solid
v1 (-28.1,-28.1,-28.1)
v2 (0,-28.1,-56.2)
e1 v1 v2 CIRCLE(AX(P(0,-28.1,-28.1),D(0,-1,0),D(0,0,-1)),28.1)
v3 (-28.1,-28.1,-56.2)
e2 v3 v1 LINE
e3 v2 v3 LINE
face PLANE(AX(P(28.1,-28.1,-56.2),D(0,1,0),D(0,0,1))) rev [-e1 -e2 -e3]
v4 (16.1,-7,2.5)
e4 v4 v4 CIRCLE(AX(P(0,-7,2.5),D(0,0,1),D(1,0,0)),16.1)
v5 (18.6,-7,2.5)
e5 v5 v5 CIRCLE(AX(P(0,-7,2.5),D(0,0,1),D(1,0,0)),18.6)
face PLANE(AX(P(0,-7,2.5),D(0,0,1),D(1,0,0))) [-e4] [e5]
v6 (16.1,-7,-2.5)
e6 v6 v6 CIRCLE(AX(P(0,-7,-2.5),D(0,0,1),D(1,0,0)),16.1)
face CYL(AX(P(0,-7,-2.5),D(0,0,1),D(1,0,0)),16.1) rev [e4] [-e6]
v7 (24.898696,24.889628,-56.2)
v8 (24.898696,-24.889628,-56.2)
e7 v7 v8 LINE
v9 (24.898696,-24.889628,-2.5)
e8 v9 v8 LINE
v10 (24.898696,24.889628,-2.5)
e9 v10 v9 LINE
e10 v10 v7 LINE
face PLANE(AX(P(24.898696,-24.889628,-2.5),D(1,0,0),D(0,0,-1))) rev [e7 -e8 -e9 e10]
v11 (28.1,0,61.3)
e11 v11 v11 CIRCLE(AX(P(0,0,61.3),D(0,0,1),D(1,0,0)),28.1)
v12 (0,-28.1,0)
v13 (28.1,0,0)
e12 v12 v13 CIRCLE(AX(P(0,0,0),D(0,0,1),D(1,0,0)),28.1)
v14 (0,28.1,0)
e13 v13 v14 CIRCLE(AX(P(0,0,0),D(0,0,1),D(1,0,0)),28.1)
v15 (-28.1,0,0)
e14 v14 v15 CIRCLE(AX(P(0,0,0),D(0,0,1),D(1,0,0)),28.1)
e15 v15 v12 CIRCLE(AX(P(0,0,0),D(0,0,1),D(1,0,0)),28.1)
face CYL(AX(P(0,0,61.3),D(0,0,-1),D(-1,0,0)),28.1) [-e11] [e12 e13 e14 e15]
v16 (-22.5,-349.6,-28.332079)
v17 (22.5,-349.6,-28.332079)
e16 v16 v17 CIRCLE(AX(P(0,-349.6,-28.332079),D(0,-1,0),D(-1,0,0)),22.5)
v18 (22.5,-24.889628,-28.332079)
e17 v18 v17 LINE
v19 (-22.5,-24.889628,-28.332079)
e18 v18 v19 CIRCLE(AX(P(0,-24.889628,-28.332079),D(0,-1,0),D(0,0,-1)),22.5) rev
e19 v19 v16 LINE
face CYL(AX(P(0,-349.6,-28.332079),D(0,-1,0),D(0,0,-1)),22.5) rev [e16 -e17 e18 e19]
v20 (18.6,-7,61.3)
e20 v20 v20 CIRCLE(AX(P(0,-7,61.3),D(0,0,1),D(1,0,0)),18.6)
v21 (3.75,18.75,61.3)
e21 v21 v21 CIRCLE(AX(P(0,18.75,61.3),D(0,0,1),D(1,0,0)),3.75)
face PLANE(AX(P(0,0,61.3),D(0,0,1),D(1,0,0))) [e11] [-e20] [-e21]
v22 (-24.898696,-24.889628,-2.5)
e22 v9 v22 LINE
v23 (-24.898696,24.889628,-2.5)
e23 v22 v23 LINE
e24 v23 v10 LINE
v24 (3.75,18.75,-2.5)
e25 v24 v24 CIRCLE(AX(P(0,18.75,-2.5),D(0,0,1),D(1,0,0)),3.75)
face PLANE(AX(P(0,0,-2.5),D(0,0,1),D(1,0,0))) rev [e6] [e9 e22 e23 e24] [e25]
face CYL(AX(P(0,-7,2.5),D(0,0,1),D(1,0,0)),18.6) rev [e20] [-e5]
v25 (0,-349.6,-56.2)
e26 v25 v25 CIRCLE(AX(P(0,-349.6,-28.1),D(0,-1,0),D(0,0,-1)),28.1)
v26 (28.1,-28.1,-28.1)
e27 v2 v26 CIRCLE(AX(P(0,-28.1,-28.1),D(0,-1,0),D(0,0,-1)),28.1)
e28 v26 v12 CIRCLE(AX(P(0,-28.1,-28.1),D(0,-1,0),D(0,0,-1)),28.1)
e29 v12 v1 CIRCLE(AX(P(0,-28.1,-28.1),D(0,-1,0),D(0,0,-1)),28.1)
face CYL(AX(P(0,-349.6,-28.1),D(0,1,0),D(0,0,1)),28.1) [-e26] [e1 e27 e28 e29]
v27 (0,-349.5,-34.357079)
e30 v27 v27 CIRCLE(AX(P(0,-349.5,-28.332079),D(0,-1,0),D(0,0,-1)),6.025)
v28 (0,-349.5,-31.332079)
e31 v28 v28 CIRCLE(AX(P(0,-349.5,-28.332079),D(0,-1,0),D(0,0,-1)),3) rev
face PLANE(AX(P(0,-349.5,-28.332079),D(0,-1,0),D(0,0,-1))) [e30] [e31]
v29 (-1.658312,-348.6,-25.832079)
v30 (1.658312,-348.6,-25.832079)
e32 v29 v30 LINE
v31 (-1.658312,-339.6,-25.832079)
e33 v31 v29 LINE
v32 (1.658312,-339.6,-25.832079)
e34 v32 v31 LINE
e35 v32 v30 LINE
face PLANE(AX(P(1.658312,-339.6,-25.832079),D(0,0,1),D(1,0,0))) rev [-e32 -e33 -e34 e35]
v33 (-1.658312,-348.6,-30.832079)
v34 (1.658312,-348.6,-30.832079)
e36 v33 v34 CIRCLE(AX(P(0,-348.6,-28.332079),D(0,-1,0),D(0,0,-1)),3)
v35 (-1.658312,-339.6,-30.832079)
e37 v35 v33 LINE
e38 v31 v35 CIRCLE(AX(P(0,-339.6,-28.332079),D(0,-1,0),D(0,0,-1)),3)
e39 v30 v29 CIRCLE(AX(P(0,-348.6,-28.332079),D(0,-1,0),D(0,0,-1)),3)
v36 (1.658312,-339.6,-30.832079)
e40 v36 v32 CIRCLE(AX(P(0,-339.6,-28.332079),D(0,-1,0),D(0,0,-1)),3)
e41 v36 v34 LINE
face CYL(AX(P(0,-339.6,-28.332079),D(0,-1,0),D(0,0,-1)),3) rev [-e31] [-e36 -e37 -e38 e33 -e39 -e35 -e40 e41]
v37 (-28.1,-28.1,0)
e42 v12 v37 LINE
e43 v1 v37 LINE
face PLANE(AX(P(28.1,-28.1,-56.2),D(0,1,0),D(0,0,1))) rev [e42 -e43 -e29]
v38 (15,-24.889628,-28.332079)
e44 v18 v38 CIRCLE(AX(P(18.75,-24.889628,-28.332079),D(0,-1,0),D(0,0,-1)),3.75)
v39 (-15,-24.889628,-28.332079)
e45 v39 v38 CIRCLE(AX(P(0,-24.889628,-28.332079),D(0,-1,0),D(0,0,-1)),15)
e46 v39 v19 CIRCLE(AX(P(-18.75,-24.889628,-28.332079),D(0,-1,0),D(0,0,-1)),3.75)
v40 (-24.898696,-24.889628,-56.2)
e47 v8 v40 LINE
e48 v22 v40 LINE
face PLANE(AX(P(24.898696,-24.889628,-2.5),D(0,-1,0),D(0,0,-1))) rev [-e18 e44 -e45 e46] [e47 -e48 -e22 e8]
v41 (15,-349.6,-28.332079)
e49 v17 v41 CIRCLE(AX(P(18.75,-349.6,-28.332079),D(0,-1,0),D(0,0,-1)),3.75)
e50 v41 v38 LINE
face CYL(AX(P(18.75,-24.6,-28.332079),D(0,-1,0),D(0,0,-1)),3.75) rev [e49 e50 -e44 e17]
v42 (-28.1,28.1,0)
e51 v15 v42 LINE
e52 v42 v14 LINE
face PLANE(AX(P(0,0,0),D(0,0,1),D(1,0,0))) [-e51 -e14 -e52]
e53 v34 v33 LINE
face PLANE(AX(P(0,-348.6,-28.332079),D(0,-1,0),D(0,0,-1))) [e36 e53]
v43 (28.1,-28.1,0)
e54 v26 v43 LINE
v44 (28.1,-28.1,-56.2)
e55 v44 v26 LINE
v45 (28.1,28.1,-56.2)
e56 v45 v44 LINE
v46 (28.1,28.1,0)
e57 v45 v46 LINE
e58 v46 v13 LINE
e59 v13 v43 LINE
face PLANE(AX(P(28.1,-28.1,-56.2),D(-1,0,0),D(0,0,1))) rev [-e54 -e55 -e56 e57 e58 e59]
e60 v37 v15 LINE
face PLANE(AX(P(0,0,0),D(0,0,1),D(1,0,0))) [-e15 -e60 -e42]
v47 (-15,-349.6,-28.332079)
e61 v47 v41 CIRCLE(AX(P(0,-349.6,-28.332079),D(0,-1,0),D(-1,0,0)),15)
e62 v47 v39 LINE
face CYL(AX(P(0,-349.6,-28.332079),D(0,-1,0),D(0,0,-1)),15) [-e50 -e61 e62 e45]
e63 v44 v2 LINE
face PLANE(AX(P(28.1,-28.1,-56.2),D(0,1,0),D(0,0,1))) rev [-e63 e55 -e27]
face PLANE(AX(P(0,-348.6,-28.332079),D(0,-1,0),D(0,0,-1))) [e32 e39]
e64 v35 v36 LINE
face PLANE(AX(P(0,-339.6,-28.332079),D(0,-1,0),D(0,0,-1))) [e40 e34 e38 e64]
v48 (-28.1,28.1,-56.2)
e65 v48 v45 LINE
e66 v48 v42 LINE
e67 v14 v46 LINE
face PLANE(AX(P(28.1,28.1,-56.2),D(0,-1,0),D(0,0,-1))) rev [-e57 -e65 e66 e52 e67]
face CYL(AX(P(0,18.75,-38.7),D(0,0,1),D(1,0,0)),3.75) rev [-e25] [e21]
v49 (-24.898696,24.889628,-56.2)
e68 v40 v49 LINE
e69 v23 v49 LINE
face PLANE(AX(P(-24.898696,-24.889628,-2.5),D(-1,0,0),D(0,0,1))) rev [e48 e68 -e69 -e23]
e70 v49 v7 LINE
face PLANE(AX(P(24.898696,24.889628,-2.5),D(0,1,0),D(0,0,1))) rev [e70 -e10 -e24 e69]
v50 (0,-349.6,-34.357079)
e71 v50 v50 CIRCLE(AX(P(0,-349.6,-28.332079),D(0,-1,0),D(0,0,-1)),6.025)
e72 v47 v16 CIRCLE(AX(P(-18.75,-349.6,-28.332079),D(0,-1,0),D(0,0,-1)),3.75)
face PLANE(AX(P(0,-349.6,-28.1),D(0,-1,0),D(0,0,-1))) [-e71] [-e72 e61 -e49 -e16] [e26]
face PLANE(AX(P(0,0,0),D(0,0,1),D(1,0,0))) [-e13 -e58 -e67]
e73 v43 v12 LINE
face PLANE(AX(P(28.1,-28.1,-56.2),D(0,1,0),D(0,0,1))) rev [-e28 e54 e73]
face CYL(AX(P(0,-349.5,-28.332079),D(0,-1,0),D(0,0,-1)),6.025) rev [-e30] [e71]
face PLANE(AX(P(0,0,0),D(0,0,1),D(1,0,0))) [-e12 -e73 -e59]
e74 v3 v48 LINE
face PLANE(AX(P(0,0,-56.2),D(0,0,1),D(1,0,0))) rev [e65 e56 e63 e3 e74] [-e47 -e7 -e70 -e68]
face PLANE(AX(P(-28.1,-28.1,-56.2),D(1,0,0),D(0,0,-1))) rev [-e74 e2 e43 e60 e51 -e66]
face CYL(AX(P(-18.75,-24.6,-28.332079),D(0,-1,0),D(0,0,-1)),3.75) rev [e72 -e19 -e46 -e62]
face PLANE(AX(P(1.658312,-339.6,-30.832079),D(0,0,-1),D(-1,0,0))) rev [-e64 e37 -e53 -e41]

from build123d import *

# Parameters (mm, degrees)
SKETCH1_R           = 28.1
BOSS_EXTRUDE2_DEPTH = 61.3
SKETCH3_R           = 18.6
CUT_EXTRUDE2_DEPTH  = 58.8
SKETCH4_W           = 56.2
SKETCH4_H           = 56.2
BOSS_EXTRUDE3_DEPTH = 56.2
SKETCH5_R           = 16.1
CUT_EXTRUDE4_DEPTH  = 5
SKETCH6_W           = 49.797391422
SKETCH6_H           = 49.779255452
CUT_EXTRUDE5_DEPTH  = 53.7
SKETCH7_R           = 28.1
BOSS_EXTRUDE4_DEPTH = 321.5
CUT_EXTRUDE6_DEPTH  = 10
SKETCH9_R           = 3
CUT_EXTRUDE7_DEPTH  = 1
SKETCH10_R          = 6.025
CUT_EXTRUDE8_DEPTH  = 0.1
SKETCH18_R          = 3.75
CUT_EXTRUDE9_DEPTH  = 100
SKETCH19_R          = 3.75
CUT_EXTRUDE11_DEPTH = 325


with BuildPart() as part:
    # Sketch1 → Boss-Extrude2 (new body)
    with BuildSketch(Plane.XY):
        Circle(SKETCH1_R)
    extrude(amount=BOSS_EXTRUDE2_DEPTH)

    # Sketch3 → Cut-Extrude2 (cut)
    with BuildSketch(Plane.XY.offset(61.3)):
        with Locations((0, -7)):
            Circle(SKETCH3_R)
    extrude(amount=-CUT_EXTRUDE2_DEPTH, mode=Mode.SUBTRACT)

    # Sketch4 → Boss-Extrude3 (add)
    with BuildSketch(Plane(origin=(0, 0, 0), x_dir=(-1, 0, 0), z_dir=(0, 0, -1))):
        Rectangle(SKETCH4_W, SKETCH4_H)
    extrude(amount=BOSS_EXTRUDE3_DEPTH)

    # Sketch5 → Cut-Extrude4 (cut)
    with BuildSketch(Plane.XY.offset(2.5)):
        with Locations((0, -7)):
            Circle(SKETCH5_R)
    extrude(amount=-CUT_EXTRUDE4_DEPTH, mode=Mode.SUBTRACT)

    # Sketch6 → Cut-Extrude5 (cut)
    with BuildSketch(Plane(origin=(0, 0, -56.2), x_dir=(-1, 0, 0), z_dir=(0, 0, -1))):
        Rectangle(SKETCH6_W, SKETCH6_H)
    extrude(amount=-CUT_EXTRUDE5_DEPTH, mode=Mode.SUBTRACT)

    # Sketch7 → Boss-Extrude4 (add)
    with BuildSketch(Plane(origin=(0, -28.1, 0), x_dir=(-1, 0, 0), z_dir=(0, -1, 0))):
        with Locations(Location((0, 28.1, 0), (0, 0, 90))):
            Circle(SKETCH7_R)
    extrude(amount=BOSS_EXTRUDE4_DEPTH)

    # Sketch8 → Cut-Extrude6 (cut)
    with BuildSketch(Plane(origin=(0, -349.6, 0), x_dir=(-1, 0, 0), z_dir=(0, -1, 0))):
        with BuildLine():
            Line((-1.658312395, 25.832078896), (1.658312395, 25.832078896))
            ThreePointArc((1.658312395, 25.832078896), (3, 28.332078896), (1.658312395, 30.832078896))
            Line((1.658312395, 30.832078896), (-1.658312395, 30.832078896))
            ThreePointArc((-1.658312395, 30.832078896), (-3, 28.332078896), (-1.658312395, 25.832078896))
        make_face()
    extrude(amount=-CUT_EXTRUDE6_DEPTH, mode=Mode.SUBTRACT)

    # Sketch9 → Cut-Extrude7 (cut)
    with BuildSketch(Plane(origin=(0, -349.6, 0), x_dir=(-1, 0, 0), z_dir=(0, -1, 0))):
        with Locations(Location((0, 28.332078896, 0), (0, 0, 90))):
            Circle(SKETCH9_R)
    extrude(amount=-CUT_EXTRUDE7_DEPTH, mode=Mode.SUBTRACT)

    # Sketch10 → Cut-Extrude8 (cut)
    with BuildSketch(Plane(origin=(0, -349.6, 0), x_dir=(-1, 0, 0), z_dir=(0, -1, 0))):
        with Locations(Location((0, 28.332078896, 0), (0, 0, 90))):
            Circle(SKETCH10_R)
    extrude(amount=-CUT_EXTRUDE8_DEPTH, mode=Mode.SUBTRACT)

    # Cut-Sweep4: sweep along a path in Sketch15
    with BuildLine(Plane(origin=(0, -349.6, 0), x_dir=(-1, 0, 0), z_dir=(0, -1, 0))) as cut_sweep4_path:
        ThreePointArc((15, 28.332078896), (0, 43.332078896), (-15, 28.332078896))
    # 3DSketch2 → Cut-Sweep4 (sweep, cut)
    with BuildSketch(Plane(origin=(-15, -349.6, -28.332078896), x_dir=(-0.022748965612757834, 0.999741208795331, 0), z_dir=(0, 0, 1))):
        Polygon((0, 0), (0.170617242, 7.498059066), (329.685319661, 0), (329.514702419, -7.498059066), align=None)
    sweep(path=cut_sweep4_path.line, mode=Mode.SUBTRACT)

    # Sketch18 → Cut-Extrude9 (cut)
    with BuildSketch(Plane.XY.offset(61.3)):
        with Locations((0, 18.75)):
            Circle(SKETCH18_R)
    extrude(amount=-CUT_EXTRUDE9_DEPTH, mode=Mode.SUBTRACT)

    # Sketch19 → Cut-Extrude11 (cut)
    with BuildSketch(Plane(origin=(0, -349.6, 0), x_dir=(-1, 0, 0), z_dir=(0, -1, 0))):
        with Locations((-18.75, 28.332078896)):
            Circle(SKETCH19_R)
        with Locations((18.75, 28.332078896)):
            Circle(SKETCH19_R)
    extrude(amount=-CUT_EXTRUDE11_DEPTH, mode=Mode.SUBTRACT)


solid = part.part
